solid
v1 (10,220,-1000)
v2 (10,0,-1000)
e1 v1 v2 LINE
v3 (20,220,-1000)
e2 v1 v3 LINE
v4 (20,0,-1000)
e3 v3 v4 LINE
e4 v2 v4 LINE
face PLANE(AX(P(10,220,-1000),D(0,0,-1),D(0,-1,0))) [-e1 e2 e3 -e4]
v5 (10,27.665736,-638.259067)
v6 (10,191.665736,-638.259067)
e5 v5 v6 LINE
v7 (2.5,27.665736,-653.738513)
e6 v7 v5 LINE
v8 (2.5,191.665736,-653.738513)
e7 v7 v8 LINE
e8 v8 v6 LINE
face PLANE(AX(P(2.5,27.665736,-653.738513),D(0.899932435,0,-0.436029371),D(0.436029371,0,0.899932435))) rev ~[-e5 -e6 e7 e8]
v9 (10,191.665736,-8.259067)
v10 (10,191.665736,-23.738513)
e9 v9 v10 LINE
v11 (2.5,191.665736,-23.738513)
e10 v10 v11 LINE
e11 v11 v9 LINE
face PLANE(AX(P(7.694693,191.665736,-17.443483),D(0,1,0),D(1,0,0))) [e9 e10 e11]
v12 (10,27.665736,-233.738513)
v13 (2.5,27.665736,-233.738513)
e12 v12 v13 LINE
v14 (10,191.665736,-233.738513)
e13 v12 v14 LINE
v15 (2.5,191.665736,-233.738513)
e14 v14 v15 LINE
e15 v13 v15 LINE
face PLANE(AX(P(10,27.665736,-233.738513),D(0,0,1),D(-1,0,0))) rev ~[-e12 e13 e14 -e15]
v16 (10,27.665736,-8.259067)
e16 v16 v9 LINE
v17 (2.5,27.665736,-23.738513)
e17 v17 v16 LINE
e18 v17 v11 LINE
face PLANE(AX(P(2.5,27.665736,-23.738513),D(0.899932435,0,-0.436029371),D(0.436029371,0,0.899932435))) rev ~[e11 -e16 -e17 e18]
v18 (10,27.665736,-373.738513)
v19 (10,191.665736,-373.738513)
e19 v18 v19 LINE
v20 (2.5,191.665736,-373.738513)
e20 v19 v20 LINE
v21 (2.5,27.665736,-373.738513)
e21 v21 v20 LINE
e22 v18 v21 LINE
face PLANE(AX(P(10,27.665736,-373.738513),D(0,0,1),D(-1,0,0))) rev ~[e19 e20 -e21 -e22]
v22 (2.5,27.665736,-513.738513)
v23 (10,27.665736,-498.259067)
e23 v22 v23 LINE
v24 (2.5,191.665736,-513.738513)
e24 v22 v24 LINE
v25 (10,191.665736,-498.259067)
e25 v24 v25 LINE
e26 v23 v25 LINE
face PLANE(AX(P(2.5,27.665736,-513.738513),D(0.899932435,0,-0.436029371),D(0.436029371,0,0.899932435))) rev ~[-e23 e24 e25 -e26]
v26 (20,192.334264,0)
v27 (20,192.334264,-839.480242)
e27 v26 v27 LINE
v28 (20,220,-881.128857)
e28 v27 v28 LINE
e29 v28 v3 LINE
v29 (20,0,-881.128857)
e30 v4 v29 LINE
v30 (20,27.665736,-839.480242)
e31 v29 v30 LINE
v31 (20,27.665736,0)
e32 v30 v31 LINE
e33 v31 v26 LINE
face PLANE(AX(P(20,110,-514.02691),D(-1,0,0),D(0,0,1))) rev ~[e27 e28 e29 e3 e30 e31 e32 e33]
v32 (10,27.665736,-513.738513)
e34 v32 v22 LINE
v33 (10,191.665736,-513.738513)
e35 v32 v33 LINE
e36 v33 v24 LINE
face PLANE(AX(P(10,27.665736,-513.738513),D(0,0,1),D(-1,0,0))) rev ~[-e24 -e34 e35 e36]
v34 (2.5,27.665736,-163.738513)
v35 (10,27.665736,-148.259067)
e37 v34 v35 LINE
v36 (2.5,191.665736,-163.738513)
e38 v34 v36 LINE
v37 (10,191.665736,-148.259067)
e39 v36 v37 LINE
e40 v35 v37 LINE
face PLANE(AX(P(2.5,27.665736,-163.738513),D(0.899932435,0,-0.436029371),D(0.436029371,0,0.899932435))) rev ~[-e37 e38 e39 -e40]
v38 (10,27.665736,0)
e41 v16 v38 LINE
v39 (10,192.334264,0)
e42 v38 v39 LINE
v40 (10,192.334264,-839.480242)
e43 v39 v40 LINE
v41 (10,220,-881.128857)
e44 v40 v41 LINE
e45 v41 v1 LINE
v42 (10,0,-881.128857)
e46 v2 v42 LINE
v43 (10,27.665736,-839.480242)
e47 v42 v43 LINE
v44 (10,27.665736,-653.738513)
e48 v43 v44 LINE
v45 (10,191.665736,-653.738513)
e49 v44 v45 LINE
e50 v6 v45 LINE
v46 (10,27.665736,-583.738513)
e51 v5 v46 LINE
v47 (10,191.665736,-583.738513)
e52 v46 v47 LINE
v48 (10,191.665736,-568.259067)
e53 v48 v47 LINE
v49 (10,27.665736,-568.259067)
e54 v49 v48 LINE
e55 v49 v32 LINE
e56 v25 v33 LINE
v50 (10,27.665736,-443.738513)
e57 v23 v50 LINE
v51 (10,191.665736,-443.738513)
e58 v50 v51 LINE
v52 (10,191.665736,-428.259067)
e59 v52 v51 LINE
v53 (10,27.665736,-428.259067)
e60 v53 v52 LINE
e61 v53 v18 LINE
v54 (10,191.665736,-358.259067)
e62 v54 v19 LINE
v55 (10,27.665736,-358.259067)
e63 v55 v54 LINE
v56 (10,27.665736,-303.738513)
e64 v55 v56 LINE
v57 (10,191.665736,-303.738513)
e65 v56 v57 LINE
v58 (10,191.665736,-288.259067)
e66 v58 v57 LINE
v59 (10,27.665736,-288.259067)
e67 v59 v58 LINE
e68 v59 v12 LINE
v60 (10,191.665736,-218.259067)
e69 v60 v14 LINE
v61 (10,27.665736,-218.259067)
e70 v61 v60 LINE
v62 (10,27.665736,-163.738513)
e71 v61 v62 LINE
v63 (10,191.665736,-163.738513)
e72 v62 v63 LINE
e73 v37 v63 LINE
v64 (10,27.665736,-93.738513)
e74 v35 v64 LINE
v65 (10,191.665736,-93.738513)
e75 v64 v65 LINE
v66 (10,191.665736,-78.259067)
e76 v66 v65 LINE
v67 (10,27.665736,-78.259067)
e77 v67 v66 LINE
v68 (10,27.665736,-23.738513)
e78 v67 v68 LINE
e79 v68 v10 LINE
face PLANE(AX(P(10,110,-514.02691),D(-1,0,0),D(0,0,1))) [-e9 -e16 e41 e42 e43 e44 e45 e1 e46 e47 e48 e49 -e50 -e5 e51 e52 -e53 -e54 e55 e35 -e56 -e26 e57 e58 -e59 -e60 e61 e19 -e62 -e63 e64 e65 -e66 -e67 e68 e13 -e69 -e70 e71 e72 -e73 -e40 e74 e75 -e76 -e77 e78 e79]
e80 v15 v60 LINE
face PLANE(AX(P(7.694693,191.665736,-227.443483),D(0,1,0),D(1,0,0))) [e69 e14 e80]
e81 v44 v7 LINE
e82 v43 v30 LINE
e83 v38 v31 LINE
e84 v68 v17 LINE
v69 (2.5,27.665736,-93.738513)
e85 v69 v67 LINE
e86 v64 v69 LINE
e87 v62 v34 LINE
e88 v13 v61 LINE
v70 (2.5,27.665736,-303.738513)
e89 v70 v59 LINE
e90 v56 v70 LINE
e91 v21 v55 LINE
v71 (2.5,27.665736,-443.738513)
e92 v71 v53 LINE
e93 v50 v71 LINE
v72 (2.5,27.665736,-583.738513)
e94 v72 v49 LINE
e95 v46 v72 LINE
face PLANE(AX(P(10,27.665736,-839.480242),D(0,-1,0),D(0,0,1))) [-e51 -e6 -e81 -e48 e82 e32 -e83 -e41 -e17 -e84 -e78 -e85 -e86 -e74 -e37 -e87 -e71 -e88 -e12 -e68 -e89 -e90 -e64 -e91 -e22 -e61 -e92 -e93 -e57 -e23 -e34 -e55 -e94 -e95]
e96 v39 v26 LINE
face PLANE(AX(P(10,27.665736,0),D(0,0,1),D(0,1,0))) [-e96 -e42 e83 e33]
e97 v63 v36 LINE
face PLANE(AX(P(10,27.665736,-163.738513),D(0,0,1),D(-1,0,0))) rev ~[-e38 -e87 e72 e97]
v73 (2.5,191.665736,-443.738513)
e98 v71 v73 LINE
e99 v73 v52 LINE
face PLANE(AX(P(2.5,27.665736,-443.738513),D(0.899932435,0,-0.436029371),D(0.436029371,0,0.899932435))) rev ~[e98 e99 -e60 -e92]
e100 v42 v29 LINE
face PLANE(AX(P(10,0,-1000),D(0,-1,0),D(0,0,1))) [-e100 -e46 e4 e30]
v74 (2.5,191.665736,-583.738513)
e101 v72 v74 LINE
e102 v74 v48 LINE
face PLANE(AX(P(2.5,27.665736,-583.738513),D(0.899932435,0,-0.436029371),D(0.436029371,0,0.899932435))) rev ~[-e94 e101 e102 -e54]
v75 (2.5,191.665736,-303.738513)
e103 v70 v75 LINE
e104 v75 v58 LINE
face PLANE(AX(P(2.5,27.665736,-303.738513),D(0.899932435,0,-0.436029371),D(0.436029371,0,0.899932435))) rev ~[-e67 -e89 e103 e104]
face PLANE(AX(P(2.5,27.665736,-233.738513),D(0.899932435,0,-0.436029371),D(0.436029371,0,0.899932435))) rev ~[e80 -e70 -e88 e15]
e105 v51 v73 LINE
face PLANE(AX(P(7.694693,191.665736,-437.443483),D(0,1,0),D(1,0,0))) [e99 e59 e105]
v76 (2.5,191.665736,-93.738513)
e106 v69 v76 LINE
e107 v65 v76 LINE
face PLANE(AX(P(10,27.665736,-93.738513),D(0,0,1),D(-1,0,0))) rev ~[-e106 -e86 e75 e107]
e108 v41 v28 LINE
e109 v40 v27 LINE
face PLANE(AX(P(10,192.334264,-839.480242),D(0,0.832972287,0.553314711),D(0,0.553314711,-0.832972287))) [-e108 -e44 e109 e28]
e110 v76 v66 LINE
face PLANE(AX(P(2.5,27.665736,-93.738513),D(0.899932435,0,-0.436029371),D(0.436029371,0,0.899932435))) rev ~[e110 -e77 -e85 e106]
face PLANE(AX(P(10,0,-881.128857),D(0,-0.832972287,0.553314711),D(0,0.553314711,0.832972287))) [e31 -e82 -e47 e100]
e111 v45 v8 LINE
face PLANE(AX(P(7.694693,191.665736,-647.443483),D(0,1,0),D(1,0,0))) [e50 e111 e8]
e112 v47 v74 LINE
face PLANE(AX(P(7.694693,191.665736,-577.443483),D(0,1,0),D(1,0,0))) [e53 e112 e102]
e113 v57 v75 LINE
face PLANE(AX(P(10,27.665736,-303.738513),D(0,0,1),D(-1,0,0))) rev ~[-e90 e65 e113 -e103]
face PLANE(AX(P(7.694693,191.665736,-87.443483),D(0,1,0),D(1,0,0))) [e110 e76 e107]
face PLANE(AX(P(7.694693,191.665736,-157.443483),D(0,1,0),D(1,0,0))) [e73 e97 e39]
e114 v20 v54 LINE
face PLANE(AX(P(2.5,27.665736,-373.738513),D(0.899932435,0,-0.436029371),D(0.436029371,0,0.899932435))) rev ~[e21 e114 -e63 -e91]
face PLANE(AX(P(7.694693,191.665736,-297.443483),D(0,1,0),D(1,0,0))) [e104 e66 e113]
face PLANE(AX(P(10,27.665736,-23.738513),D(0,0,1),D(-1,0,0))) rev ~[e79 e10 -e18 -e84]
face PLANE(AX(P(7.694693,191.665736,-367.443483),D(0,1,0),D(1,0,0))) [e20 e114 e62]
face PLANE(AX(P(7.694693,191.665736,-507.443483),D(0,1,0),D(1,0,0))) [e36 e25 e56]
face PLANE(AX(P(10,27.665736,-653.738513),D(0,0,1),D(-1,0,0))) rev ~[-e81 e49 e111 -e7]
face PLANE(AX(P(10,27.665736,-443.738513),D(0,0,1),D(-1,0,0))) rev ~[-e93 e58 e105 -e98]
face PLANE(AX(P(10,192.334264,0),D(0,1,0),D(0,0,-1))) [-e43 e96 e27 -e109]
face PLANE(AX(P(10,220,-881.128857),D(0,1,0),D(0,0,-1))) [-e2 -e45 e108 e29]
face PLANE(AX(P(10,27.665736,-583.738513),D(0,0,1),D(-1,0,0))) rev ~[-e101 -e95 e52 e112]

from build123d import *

# Parameters (mm, degrees)
BOSS_EXTRUDE1_DEPTH = 10
BOSS_EXTRUDE2_DEPTH = 164
LPATTERN1_COUNT     = 10
LPATTERN1_PITCH     = 70


with BuildPart() as part:
    # Sketch5 → Boss-Extrude1 (new body)
    with BuildSketch(Plane(origin=(10, 0, 0), x_dir=(0, 0, -1), z_dir=(1, 0, 0))):
        Polygon((1000, 220), (1000, 0), (881.128856778, 0), (839.480242444, 27.665735559), (0, 27.665735559), (0, 192.334264441), (839.480242444, 192.334264441), (881.128856778, 220), align=None)
    extrude(amount=BOSS_EXTRUDE1_DEPTH)

    # Sketch6 → Boss-Extrude2 (add)
    with BuildSketch(Plane(origin=(0, 27.665735559, 0), x_dir=(-1, 0, 0), z_dir=(0, -1, 0))):
        Polygon((-10, 23.738513139), (-2.5, 23.738513139), (-10, 8.259066754), align=None)
    boss_extrude2 = extrude(amount=-BOSS_EXTRUDE2_DEPTH)

    # LPattern1: Boss-Extrude2 ×10
    with Locations(*[(0, 0, -i * LPATTERN1_PITCH) for i in range(1, LPATTERN1_COUNT)]):
        add(boss_extrude2)


solid = part.part
